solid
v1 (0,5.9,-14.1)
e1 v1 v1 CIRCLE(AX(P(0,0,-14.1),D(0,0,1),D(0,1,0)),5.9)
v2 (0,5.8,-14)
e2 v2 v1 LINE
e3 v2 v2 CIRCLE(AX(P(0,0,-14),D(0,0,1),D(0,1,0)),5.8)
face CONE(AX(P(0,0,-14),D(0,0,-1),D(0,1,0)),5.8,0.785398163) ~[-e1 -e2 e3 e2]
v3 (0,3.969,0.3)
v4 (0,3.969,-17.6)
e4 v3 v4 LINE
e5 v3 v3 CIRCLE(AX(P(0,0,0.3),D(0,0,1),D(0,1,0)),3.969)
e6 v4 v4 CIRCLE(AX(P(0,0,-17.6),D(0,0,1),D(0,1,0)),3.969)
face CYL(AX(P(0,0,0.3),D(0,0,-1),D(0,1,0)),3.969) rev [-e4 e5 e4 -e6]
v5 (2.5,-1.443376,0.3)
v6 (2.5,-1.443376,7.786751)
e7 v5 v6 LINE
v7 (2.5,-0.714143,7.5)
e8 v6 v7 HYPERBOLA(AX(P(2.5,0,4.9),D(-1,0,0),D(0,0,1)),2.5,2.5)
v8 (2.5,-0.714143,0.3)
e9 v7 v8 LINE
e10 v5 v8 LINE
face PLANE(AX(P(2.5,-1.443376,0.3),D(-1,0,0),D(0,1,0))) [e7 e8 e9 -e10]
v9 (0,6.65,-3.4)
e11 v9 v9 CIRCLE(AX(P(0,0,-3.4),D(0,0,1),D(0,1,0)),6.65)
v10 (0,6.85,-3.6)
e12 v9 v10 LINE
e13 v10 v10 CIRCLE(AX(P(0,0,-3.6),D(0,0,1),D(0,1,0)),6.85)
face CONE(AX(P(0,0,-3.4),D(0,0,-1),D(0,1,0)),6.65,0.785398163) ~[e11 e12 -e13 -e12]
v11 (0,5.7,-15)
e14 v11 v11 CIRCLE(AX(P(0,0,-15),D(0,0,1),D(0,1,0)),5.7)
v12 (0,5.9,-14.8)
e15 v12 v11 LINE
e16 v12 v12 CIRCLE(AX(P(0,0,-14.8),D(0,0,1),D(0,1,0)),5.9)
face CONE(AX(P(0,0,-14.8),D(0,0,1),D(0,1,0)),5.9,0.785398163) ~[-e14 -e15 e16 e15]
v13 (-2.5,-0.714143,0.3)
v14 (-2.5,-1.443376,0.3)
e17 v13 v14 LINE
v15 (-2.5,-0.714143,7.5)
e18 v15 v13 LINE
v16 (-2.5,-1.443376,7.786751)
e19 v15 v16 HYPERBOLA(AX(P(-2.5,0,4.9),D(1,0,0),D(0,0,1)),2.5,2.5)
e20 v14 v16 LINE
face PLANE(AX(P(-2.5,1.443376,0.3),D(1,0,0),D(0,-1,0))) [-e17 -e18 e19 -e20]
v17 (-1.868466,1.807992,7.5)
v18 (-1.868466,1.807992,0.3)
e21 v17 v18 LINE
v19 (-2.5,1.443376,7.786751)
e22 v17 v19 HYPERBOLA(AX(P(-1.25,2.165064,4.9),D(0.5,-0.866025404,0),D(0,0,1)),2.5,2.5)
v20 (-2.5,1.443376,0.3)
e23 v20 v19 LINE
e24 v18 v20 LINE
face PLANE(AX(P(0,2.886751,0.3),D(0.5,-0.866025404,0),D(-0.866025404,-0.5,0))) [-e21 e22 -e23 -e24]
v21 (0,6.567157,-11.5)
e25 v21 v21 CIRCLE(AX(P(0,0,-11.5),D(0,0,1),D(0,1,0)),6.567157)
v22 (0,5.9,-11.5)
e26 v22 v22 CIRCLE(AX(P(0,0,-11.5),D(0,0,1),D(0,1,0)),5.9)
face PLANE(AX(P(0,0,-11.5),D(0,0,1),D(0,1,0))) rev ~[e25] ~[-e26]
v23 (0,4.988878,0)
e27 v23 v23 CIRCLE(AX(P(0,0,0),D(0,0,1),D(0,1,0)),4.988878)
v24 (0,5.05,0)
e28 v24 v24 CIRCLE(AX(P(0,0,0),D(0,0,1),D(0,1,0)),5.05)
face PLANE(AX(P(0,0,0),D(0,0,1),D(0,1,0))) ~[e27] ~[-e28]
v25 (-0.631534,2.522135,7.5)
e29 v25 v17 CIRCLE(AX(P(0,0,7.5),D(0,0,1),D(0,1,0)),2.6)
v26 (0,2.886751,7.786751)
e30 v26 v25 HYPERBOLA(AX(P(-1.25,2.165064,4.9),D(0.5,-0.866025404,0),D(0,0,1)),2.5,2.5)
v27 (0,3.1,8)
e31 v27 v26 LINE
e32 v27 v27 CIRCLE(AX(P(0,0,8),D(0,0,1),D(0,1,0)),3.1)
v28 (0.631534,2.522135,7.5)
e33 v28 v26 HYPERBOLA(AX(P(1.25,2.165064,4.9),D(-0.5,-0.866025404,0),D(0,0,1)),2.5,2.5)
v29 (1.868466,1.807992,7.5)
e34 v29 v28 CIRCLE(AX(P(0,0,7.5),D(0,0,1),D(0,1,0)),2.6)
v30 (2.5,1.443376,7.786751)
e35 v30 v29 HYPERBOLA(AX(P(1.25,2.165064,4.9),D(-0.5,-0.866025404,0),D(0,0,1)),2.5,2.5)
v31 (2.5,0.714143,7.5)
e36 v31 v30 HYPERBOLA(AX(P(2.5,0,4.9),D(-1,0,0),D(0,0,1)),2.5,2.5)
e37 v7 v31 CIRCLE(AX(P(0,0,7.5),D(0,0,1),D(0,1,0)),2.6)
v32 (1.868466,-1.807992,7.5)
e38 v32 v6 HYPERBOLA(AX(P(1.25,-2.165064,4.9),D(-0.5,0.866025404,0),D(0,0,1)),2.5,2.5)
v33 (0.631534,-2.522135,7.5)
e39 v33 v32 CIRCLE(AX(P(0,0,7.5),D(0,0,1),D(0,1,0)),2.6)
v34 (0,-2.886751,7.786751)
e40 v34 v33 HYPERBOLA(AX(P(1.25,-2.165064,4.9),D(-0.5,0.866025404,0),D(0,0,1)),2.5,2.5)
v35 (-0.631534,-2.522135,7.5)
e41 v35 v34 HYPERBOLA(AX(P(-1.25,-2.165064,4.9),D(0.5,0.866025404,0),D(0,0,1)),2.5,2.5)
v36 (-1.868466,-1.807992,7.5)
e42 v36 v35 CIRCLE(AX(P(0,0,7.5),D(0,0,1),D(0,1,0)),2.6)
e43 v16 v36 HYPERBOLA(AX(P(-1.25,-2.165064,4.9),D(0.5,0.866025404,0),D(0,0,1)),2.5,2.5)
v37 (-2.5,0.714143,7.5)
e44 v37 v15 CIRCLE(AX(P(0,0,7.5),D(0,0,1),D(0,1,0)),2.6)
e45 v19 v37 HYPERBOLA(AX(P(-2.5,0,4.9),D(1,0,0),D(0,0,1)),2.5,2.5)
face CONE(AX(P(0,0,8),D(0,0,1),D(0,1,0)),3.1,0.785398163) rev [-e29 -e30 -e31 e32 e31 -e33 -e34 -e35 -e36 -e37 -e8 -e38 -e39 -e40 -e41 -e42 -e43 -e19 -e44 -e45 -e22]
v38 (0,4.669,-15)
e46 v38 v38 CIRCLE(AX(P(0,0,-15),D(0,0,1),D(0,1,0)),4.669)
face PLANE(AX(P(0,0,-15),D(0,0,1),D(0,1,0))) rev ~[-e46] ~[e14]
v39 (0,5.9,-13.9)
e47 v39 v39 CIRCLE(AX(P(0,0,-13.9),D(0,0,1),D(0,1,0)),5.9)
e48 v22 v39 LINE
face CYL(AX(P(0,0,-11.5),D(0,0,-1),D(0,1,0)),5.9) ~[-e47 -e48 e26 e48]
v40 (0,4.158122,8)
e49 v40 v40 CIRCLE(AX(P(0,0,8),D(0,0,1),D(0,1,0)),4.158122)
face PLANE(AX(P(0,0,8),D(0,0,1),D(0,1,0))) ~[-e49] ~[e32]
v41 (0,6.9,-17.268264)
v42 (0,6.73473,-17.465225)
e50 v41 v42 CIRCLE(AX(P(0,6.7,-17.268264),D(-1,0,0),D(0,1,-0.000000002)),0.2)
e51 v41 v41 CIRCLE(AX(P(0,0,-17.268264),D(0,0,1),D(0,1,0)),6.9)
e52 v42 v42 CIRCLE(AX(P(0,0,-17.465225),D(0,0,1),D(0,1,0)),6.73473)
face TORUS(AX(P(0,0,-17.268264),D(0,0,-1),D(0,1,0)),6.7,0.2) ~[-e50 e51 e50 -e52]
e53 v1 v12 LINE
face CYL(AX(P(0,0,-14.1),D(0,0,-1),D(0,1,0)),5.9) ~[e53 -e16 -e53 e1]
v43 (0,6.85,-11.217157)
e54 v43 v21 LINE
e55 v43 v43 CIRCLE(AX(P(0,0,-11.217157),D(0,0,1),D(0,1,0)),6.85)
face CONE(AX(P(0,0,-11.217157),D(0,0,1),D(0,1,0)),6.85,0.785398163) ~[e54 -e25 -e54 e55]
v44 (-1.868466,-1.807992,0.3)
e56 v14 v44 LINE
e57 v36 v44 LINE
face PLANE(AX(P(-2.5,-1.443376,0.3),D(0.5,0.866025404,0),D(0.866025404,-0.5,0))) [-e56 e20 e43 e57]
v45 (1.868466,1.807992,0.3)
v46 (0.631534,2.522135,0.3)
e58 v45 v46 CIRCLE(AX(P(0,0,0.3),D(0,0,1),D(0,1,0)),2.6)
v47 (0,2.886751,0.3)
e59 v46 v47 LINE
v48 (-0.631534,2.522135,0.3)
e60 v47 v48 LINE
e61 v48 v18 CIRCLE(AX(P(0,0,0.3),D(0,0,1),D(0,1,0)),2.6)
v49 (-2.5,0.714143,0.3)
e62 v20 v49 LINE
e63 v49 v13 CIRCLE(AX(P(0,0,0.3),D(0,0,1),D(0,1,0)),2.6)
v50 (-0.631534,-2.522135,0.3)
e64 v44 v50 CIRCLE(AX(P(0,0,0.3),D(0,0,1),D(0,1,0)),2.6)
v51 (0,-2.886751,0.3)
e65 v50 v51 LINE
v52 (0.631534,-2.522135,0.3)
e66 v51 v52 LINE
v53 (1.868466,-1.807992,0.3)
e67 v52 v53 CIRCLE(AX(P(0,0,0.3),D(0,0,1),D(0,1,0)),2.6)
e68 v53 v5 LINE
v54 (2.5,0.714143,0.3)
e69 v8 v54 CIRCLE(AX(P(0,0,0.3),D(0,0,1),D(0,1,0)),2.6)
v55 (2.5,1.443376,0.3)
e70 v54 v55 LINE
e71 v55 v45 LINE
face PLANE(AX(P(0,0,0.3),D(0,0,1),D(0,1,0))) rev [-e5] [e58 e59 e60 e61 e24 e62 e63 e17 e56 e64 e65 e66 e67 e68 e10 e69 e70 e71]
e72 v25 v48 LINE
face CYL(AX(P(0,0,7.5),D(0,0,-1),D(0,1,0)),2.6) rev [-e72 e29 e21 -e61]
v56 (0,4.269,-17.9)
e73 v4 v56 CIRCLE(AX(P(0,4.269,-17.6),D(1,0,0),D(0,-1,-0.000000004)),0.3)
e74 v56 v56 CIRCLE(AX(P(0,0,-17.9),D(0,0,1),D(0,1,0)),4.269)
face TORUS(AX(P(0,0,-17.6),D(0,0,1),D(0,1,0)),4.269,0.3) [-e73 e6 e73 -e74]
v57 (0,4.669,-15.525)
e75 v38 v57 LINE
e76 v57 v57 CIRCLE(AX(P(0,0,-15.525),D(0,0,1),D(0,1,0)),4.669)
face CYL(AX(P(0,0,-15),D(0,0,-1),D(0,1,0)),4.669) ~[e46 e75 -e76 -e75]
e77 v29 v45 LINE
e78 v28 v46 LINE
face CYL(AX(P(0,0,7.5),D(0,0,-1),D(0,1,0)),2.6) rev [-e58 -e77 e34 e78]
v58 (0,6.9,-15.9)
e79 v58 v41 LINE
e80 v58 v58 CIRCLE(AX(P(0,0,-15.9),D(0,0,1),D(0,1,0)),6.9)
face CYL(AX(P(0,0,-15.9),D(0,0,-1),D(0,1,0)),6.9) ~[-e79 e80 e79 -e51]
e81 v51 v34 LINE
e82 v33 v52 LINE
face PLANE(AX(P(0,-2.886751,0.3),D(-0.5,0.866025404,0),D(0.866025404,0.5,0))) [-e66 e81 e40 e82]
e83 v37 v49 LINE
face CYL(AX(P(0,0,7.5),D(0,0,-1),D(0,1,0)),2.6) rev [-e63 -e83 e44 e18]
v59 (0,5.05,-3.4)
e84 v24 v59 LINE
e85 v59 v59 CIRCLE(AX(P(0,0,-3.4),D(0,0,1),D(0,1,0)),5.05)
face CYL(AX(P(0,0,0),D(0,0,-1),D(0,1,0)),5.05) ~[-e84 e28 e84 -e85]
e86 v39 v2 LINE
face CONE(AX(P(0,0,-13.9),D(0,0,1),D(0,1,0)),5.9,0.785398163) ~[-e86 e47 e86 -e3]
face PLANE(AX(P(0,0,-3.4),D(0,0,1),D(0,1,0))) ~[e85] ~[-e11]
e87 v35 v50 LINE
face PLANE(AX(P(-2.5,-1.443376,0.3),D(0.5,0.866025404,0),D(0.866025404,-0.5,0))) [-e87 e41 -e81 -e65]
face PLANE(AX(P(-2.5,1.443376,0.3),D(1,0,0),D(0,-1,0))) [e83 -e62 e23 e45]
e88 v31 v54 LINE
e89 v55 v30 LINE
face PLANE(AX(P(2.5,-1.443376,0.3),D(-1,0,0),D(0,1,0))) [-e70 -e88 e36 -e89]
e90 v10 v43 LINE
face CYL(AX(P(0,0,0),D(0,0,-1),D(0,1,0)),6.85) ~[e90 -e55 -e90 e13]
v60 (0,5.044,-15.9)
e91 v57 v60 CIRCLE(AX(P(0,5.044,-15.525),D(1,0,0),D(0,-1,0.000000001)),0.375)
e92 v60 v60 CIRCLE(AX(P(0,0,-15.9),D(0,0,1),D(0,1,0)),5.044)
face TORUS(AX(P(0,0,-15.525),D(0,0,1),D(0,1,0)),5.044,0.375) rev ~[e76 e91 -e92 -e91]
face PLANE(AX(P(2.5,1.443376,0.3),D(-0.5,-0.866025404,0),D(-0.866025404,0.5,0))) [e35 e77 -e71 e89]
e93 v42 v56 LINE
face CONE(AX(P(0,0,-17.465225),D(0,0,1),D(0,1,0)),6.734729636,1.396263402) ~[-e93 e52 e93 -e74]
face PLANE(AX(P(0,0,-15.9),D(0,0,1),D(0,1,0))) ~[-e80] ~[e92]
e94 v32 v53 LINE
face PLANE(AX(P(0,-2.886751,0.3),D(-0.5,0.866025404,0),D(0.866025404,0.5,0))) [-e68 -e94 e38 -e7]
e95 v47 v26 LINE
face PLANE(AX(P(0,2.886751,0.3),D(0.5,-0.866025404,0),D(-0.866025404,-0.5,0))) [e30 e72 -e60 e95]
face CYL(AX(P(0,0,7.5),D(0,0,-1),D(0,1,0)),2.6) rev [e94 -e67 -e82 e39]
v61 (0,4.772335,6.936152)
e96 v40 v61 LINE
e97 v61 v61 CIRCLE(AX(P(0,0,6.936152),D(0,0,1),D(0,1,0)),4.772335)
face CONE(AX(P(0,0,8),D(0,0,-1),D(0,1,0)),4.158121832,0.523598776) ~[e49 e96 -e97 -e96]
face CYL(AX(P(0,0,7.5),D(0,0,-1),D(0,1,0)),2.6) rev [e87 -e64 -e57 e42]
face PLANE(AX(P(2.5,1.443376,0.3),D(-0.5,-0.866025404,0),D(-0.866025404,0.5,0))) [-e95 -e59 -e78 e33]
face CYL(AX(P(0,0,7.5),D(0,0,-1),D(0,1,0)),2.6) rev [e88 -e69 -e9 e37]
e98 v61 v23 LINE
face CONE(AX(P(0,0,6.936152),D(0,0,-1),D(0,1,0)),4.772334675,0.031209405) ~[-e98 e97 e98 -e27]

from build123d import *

# Parameters (mm, degrees)
CUT_EXTRUDE1_DEPTH = 7.7


with BuildPart() as part:
    # Sketch1 → Revolve1 (revolve)
    with BuildSketch(Plane(origin=(0, 0, 0), x_dir=(0, 0, -1), z_dir=(1, 0, 0))):
        with BuildLine():
            Line((0, 0), (0, 6.85))
            Line((0, 6.85), (11.217157288, 6.85))
            Line((11.217157288, 6.85), (11.5, 6.567157288))
            Line((11.5, 6.567157288), (11.5, 5.9))
            Line((11.5, 5.9), (13.9, 5.9))
            Line((13.9, 5.9), (14, 5.8))
            Line((14, 5.8), (14.1, 5.9))
            Line((14.1, 5.9), (14.8, 5.9))
            Line((14.8, 5.9), (15, 5.7))
            Line((15, 5.7), (15, 4.669))
            Line((15, 4.669), (15.525, 4.669))
            ThreePointArc((15.525, 4.669), (15.790165043, 4.778834957), (15.9, 5.044))
            Line((15.9, 5.044), (15.9, 6.9))
            Line((15.9, 6.9), (17.268263788, 6.9))
            ThreePointArc((17.268263788, 6.9), (17.396821309, 6.853208889), (17.465225338, 6.734729636))
            Line((17.465225338, 6.734729636), (17.9, 4.269))
            Line((17.9, 4.269), (17.9, 0))
            Line((17.9, 0), (0, 0))
        make_face()
    revolve(axis=Axis((0, 0, -17.9), (0, 0, 1)))

    # Sketch2 → Revolve2 (revolve)
    with BuildSketch(Plane(origin=(0, 0, 0), x_dir=(0, 0, -1), z_dir=(1, 0, 0))):
        Polygon((-8, 0), (-8, 4.158121832), (-6.93615215, 4.772334675), (0, 4.988878168), (0, 0), align=None)
    revolve(axis=Axis((0, 0, 0), (0, 0, 1)))

    # Sketch3 → Cut-Revolve1 (revolve, cut)
    with BuildSketch(Plane(origin=(0, 0, 0), x_dir=(0, 0, -1), z_dir=(1, 0, 0))):
        Polygon((0, 6.85), (0, 5.05), (3.4, 5.05), (3.4, 6.65), (3.6, 6.85), align=None)
    revolve(axis=Axis((0, 0, -50), (0, 0, 1)), mode=Mode.SUBTRACT)

    # Sketch4 → Cut-Revolve2 (revolve, cut)
    with BuildSketch(Plane(origin=(0, 0, 0), x_dir=(0, 0, -1), z_dir=(1, 0, 0))):
        with BuildLine():
            Line((-8, 0), (-8, 3.1))
            Line((-8, 3.1), (-7.5, 2.6))
            Line((-7.5, 2.6), (-0.3, 2.6))
            Line((-0.3, 2.6), (-0.3, 3.969))
            Line((-0.3, 3.969), (17.6, 3.969))
            ThreePointArc((17.6, 3.969), (17.812132034, 4.056867966), (17.9, 4.269))
            Line((17.9, 4.269), (17.9, 0))
            Line((17.9, 0), (-8, 0))
        make_face()
    revolve(axis=Axis((0, 0, -17.9), (0, 0, 1)), mode=Mode.SUBTRACT)

    # Sketch5 → Cut-Extrude1 (cut)
    with BuildSketch(Plane.XY.offset(0.3)):
        Polygon((-2.5, -1.443375673), (0, -2.886751346), (2.5, -1.443375673), (2.5, 1.443375673), (0, 2.886751346), (-2.5, 1.443375673), align=None)
    extrude(amount=CUT_EXTRUDE1_DEPTH, mode=Mode.SUBTRACT)


solid = part.part
